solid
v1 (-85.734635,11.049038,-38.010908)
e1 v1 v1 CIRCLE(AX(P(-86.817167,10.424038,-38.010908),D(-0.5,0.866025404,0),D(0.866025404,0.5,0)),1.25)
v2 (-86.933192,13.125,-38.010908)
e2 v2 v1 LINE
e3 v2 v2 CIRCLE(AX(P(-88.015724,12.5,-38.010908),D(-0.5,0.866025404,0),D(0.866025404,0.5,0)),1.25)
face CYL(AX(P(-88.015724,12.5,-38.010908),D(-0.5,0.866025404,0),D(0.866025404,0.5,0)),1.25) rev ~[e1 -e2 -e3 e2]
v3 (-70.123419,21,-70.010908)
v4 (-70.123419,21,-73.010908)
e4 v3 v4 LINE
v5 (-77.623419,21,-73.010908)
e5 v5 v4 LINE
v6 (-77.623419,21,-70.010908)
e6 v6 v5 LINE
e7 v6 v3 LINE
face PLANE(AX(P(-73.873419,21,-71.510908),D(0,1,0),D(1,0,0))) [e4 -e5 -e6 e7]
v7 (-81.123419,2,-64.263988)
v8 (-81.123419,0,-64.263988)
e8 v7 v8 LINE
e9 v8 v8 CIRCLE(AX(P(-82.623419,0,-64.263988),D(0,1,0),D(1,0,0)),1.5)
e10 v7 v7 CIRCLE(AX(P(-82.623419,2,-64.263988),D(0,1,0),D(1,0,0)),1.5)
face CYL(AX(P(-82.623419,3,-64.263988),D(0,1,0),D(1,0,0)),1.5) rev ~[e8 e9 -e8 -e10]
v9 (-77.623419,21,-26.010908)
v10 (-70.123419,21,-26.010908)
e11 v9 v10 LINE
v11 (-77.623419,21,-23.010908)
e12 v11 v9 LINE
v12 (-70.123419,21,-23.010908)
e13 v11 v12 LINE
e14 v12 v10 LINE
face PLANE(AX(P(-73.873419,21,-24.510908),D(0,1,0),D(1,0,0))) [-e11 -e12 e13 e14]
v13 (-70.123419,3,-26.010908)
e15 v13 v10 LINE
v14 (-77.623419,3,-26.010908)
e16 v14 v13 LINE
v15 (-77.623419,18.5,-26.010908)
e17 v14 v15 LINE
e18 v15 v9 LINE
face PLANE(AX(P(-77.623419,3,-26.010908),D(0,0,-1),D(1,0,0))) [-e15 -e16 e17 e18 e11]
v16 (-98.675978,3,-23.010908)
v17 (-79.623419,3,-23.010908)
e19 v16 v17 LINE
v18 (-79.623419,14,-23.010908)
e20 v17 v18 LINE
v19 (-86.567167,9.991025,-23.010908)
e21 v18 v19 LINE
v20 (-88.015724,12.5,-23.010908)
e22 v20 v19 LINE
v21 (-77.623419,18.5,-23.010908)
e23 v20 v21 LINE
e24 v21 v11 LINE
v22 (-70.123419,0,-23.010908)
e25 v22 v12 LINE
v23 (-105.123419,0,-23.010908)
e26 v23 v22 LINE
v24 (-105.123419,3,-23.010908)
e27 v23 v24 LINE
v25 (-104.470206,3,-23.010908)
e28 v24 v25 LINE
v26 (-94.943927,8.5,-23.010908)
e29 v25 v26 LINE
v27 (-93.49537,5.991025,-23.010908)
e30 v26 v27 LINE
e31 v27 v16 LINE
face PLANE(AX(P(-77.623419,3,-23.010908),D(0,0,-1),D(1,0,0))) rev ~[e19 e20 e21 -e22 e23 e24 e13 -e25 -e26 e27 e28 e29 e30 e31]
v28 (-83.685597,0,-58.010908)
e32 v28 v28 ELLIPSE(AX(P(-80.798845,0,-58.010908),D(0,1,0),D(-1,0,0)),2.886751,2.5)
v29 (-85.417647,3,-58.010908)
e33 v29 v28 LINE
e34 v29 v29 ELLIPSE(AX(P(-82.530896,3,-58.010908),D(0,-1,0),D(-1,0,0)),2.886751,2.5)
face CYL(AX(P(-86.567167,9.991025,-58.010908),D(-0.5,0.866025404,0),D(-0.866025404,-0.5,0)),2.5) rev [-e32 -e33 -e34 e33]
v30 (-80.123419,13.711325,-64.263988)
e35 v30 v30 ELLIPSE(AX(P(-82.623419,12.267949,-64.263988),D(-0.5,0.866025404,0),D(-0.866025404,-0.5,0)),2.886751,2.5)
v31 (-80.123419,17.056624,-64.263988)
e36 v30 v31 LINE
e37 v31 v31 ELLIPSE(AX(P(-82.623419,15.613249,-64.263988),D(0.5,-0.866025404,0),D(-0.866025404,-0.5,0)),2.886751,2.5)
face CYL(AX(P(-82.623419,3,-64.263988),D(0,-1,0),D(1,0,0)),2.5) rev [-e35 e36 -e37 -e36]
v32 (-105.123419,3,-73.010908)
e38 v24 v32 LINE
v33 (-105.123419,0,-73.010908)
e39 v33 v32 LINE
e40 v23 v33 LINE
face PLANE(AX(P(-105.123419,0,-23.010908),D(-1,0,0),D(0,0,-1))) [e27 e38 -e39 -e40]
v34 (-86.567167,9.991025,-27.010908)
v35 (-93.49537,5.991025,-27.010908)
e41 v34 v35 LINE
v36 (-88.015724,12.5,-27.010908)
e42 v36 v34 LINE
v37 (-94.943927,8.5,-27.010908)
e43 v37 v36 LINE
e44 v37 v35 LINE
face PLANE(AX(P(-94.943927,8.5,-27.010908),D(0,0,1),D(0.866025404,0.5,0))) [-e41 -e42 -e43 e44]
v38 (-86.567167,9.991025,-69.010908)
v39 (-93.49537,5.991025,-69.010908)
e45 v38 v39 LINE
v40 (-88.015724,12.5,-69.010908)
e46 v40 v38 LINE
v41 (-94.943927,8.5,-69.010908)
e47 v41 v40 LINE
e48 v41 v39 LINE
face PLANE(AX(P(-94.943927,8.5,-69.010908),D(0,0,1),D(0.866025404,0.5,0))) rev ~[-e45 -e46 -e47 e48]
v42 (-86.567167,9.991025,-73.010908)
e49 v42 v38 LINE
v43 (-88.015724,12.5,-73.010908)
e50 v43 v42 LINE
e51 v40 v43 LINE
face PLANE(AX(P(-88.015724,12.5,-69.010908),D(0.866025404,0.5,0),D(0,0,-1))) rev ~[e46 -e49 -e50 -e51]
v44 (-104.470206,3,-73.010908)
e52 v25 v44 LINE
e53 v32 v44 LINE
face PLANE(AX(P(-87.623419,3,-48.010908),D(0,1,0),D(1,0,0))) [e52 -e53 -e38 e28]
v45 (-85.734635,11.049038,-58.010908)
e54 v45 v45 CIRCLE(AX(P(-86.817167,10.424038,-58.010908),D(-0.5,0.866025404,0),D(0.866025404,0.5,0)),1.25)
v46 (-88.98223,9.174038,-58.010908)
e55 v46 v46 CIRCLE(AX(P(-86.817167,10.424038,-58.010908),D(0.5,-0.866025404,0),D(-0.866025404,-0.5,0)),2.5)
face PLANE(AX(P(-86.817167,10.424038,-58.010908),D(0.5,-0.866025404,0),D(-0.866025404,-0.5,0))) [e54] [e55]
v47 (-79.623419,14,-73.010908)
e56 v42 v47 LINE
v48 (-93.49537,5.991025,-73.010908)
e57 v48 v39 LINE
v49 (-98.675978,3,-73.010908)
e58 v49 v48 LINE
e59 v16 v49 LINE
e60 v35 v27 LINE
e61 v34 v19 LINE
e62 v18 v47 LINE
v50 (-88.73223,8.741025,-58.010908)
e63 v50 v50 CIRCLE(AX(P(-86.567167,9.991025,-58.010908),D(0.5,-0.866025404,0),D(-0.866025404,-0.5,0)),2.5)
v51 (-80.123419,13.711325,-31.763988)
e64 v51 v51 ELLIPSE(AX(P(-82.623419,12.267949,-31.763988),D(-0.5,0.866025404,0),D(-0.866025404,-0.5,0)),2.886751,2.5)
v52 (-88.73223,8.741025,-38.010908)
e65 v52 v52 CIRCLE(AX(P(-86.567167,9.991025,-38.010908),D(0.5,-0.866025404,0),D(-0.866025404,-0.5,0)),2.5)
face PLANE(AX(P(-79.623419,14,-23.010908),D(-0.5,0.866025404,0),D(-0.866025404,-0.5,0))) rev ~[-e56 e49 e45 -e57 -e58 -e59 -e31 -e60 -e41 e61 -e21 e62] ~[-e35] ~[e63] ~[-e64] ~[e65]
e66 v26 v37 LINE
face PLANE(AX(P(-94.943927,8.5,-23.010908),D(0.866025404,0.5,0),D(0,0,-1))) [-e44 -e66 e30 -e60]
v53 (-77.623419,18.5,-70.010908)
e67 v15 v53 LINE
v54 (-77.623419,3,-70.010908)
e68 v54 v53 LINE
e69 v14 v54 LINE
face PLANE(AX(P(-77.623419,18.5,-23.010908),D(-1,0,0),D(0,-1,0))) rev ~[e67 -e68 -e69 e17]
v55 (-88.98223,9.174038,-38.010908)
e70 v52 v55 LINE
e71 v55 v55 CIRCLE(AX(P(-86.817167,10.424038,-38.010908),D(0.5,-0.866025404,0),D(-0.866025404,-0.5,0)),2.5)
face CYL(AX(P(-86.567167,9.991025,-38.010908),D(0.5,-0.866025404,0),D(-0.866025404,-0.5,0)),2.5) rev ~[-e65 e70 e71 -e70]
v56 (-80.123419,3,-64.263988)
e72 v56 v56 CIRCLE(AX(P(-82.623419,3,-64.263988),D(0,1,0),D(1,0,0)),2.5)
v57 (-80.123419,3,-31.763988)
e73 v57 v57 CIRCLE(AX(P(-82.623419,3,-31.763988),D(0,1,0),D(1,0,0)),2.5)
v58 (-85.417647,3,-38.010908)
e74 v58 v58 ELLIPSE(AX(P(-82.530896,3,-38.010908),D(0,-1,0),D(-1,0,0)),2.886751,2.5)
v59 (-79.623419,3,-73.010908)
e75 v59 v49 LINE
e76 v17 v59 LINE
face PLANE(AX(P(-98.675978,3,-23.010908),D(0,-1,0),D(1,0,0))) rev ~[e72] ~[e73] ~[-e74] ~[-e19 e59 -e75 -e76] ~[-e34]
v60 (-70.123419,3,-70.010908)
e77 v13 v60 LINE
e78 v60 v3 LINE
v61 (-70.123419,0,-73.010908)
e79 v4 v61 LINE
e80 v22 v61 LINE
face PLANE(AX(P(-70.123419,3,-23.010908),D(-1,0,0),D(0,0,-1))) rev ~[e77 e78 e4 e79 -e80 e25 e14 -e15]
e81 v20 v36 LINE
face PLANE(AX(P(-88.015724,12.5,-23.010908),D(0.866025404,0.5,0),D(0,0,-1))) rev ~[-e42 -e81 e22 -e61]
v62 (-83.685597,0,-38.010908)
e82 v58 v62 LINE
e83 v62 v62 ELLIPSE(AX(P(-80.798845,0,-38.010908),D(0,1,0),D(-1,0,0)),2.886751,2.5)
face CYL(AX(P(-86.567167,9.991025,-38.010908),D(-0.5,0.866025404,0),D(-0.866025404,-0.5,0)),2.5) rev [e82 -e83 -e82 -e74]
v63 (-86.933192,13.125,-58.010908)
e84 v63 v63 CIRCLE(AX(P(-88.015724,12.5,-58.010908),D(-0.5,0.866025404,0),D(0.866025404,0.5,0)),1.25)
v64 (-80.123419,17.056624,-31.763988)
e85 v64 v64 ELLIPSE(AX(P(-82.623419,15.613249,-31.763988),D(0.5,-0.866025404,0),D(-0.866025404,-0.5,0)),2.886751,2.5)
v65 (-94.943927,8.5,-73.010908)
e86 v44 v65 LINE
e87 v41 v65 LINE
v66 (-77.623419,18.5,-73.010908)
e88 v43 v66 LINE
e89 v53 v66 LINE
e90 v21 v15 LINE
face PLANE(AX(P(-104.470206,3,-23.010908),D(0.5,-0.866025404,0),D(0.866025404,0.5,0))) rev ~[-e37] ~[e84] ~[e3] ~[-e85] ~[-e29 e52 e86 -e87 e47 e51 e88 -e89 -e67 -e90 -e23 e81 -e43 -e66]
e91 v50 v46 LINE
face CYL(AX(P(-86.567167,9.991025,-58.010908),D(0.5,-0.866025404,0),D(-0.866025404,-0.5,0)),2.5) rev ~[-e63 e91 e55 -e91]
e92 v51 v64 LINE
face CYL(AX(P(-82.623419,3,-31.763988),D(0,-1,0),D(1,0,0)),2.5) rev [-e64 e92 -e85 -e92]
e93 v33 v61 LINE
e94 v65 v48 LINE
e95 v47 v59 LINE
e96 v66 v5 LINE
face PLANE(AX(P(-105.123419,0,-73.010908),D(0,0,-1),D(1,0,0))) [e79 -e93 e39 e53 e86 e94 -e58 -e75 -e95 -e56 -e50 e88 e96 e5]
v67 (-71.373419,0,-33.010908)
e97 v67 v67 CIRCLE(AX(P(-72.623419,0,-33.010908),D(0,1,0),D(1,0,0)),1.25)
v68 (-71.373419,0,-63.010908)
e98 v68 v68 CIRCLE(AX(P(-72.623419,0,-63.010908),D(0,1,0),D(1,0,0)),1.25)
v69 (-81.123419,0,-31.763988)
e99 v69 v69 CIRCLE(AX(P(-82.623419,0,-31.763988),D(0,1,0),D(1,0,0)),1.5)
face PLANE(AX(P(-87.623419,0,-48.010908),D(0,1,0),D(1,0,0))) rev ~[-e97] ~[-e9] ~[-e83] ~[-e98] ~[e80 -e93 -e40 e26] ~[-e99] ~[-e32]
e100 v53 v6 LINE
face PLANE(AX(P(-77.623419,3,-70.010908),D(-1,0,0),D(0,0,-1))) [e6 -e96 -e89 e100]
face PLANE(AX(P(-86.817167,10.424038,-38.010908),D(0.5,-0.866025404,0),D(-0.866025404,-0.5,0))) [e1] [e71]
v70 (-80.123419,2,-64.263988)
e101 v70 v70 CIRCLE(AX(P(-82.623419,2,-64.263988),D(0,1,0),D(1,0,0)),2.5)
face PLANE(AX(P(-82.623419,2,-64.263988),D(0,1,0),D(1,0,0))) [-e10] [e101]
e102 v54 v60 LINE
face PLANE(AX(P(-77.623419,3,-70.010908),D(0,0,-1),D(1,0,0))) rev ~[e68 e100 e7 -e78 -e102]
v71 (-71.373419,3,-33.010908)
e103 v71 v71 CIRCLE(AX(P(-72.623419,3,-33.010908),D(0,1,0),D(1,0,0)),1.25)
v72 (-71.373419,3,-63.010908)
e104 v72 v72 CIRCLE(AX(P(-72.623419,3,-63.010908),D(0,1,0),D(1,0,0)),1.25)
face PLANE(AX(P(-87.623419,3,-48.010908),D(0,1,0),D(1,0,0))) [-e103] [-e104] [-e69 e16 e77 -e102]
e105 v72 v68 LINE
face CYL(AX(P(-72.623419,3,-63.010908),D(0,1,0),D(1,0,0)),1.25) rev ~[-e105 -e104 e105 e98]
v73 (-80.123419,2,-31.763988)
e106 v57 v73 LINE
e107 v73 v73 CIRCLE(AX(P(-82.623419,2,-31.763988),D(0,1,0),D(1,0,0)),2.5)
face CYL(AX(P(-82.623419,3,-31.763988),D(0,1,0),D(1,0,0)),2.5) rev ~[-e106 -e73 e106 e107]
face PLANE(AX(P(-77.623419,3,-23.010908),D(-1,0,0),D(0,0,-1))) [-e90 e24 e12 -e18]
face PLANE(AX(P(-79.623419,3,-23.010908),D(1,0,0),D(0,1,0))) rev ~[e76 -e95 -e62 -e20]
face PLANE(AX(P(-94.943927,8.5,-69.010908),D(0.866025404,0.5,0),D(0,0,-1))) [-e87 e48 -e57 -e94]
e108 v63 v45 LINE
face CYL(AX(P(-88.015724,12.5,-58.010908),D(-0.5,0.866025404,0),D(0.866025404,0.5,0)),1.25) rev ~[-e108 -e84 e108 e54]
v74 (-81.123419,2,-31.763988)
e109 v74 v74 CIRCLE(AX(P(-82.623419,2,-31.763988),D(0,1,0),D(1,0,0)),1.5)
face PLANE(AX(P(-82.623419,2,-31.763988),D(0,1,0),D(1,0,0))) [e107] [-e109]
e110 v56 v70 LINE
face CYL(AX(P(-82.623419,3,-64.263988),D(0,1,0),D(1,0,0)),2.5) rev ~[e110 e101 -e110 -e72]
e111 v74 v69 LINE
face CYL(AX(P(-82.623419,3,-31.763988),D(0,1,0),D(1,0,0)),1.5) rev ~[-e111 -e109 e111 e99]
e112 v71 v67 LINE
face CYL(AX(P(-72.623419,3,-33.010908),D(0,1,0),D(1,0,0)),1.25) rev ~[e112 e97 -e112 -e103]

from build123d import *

# Parameters (mm, degrees)
SKETCH1_W                      = 35
SKETCH1_H                      = 50
BOSS_EXTRUDE1_DEPTH            = 3
SKETCH2_R                      = 1.5
SKETCH2_R_2                    = 1.25
CUT_EXTRUDE1_DEPTH             = 4
BOSS_EXTRUDE2_DEPTH            = 50
CUT_EXTRUDE5_DEPTH             = 51
SKETCH8_R                      = 2.5
CUT_EXTRUDE6_DEPTH             = 16.5
CUT_EXTRUDE6_DEPTH_BACK        = 1
CUT_EXTRUDE7_REACH             = 21.771
SKETCH9_R                      = 1.25
SKETCH10_R                     = 2.5
CUT_EXTRUDE8_DEPTH             = 0.5
CUT_EXTRUDE8_DIRECTION_2_REACH = 18.874
SKETCH11_W                     = 7.5
SKETCH11_H                     = 3
BOSS_EXTRUDE3_DEPTH            = 18
CUT_EXTRUDE9_REACH             = 21.771
SKETCH14_W                     = 8
SKETCH14_H                     = 4


with BuildPart() as part:
    # Sketch1 → Boss-Extrude1 (new body)
    with BuildSketch(Plane(origin=(0, 0, 0), x_dir=(1, 0, 0), z_dir=(0, 1, 0))):
        with Locations((-87.623418825, 48.010907537)):
            Rectangle(SKETCH1_W, SKETCH1_H)
    extrude(amount=BOSS_EXTRUDE1_DEPTH)

    # Sketch2 → Cut-Extrude1 (cut, through all)
    with BuildSketch(Plane(origin=(0, 3, 0), x_dir=(1, 0, 0), z_dir=(0, 1, 0))):
        with Locations((-82.623418825, 64.263988227)):
            Circle(SKETCH2_R)
        with Locations((-82.623418825, 31.763988227)):
            Circle(SKETCH2_R)
        with Locations((-72.623418825, 33.010907537)):
            Circle(SKETCH2_R_2)
        with Locations((-72.623418825, 63.010907537)):
            Circle(SKETCH2_R_2)
    extrude(amount=-CUT_EXTRUDE1_DEPTH, mode=Mode.SUBTRACT)

    # Sketch4 → Boss-Extrude2 (add)
    with BuildSketch(Plane.XY.offset(-23.010907537)):
        Polygon((-77.623418825, 3), (-104.470206342, 3), (-77.623418825, 18.5), align=None)
    extrude(amount=-BOSS_EXTRUDE2_DEPTH)

    # Sketch6 → Cut-Extrude5 (cut, through all)
    with BuildSketch(Plane.XY.offset(-23.010907537)):
        Polygon((-98.675977708, 3), (-79.623418825, 3), (-79.623418825, 14), align=None)
    extrude(amount=-CUT_EXTRUDE5_DEPTH, mode=Mode.SUBTRACT)

    # Sketch8 → Cut-Extrude6 (cut, two sides)
    with BuildSketch(Plane(origin=(0, 3, 0), x_dir=(1, 0, 0), z_dir=(0, 1, 0))) as cut_extrude6_sk:
        with Locations((-82.623418825, 31.763988227)):
            Circle(SKETCH8_R)
        with Locations((-82.623418825, 64.263988227)):
            Circle(SKETCH8_R)
    extrude(amount=CUT_EXTRUDE6_DEPTH, mode=Mode.SUBTRACT)
    extrude(cut_extrude6_sk.sketch, amount=-CUT_EXTRUDE6_DEPTH_BACK, mode=Mode.SUBTRACT)

    # Sketch9 → Cut-Extrude7 (cut, up to next)
    with BuildSketch(Plane(origin=(-27.416589691, 47.486926315, 0), x_dir=(0.866025404, 0.5, 0), z_dir=(-0.5, 0.866025404, 0)), mode=Mode.PRIVATE) as cut_extrude7_sk1:
        with Locations((-69.973852631, 58.010907537)):
            Circle(SKETCH9_R)
    cut_extrude7_tool1 = extrude(cut_extrude7_sk1.sketch, amount=-CUT_EXTRUDE7_REACH, mode=Mode.PRIVATE) & part.part
    add(cut_extrude7_tool1.solids().sort_by_distance((-88.015724, 12.5, -58.010908))[0], mode=Mode.SUBTRACT)
    # Sketch9 → Cut-Extrude7 (cut, up to next)
    with BuildSketch(Plane(origin=(-27.416589691, 47.486926315, 0), x_dir=(0.866025404, 0.5, 0), z_dir=(-0.5, 0.866025404, 0)), mode=Mode.PRIVATE) as cut_extrude7_sk2:
        with Locations((-69.973852631, 38.010907537)):
            Circle(SKETCH9_R)
    cut_extrude7_tool2 = extrude(cut_extrude7_sk2.sketch, amount=-CUT_EXTRUDE7_REACH, mode=Mode.PRIVATE) & part.part
    add(cut_extrude7_tool2.solids().sort_by_distance((-88.015724, 12.5, -38.010908))[0], mode=Mode.SUBTRACT)

    # Sketch10 → Cut-Extrude8 (cut)
    with BuildSketch(Plane(origin=(-25.968032533, 44.977951719, 0), x_dir=(-0.866025404, -0.5, 0), z_dir=(0.5, -0.866025404, 0))):
        with Locations((69.973852631, 58.010907537)):
            Circle(SKETCH10_R)
        with Locations((69.973852631, 38.010907537)):
            Circle(SKETCH10_R)
    extrude(amount=-CUT_EXTRUDE8_DEPTH, mode=Mode.SUBTRACT)

    # Sketch10 → Cut-Extrude8 direction 2 (cut, up to next)
    with BuildSketch(Plane(origin=(-25.968032533, 44.977951719, 0), x_dir=(-0.866025404, -0.5, 0), z_dir=(0.5, -0.866025404, 0)), mode=Mode.PRIVATE) as cut_extrude8_direction_2_sk1:
        with Locations((69.973852631, 58.010907537)):
            Circle(SKETCH10_R)
    cut_extrude8_direction_2_tool1 = extrude(cut_extrude8_direction_2_sk1.sketch, amount=CUT_EXTRUDE8_DIRECTION_2_REACH, mode=Mode.PRIVATE) & part.part
    add(cut_extrude8_direction_2_tool1.solids().sort_by_distance((-86.567167, 9.991025, -58.010908))[0], mode=Mode.SUBTRACT)
    # Sketch10 → Cut-Extrude8 direction 2 (cut, up to next)
    with BuildSketch(Plane(origin=(-25.968032533, 44.977951719, 0), x_dir=(-0.866025404, -0.5, 0), z_dir=(0.5, -0.866025404, 0)), mode=Mode.PRIVATE) as cut_extrude8_direction_2_sk2:
        with Locations((69.973852631, 38.010907537)):
            Circle(SKETCH10_R)
    cut_extrude8_direction_2_tool2 = extrude(cut_extrude8_direction_2_sk2.sketch, amount=CUT_EXTRUDE8_DIRECTION_2_REACH, mode=Mode.PRIVATE) & part.part
    add(cut_extrude8_direction_2_tool2.solids().sort_by_distance((-86.567167, 9.991025, -38.010908))[0], mode=Mode.SUBTRACT)

    # Sketch11 → Boss-Extrude3 (add)
    with BuildSketch(Plane(origin=(0, 3, 0), x_dir=(1, 0, 0), z_dir=(0, 1, 0))):
        with Locations((-73.873418825, 24.510907537)):
            Rectangle(SKETCH11_W, SKETCH11_H)
        with Locations((-73.873418825, 71.510907537)):
            Rectangle(SKETCH11_W, SKETCH11_H)
    extrude(amount=BOSS_EXTRUDE3_DEPTH)

    # Sketch14 → Cut-Extrude9 (cut, up to next)
    with BuildSketch(Plane(origin=(-27.416589691, 47.486926315, 0), x_dir=(0.866025404, 0.5, 0), z_dir=(-0.5, 0.866025404, 0)), mode=Mode.PRIVATE) as cut_extrude9_sk1:
        with Locations((-73.973852631, 25.010907537)):
            Rectangle(SKETCH14_W, SKETCH14_H)
    cut_extrude9_tool1 = extrude(cut_extrude9_sk1.sketch, amount=-CUT_EXTRUDE9_REACH, mode=Mode.PRIVATE) & part.part
    add(cut_extrude9_tool1.solids().sort_by_distance((-91.479825, 10.5, -25.010908))[0], mode=Mode.SUBTRACT)
    # Sketch14 → Cut-Extrude9 (cut, up to next)
    with BuildSketch(Plane(origin=(-27.416589691, 47.486926315, 0), x_dir=(0.866025404, 0.5, 0), z_dir=(-0.5, 0.866025404, 0)), mode=Mode.PRIVATE) as cut_extrude9_sk2:
        with Locations((-73.973852631, 71.010907537)):
            Rectangle(SKETCH14_W, SKETCH14_H)
    cut_extrude9_tool2 = extrude(cut_extrude9_sk2.sketch, amount=-CUT_EXTRUDE9_REACH, mode=Mode.PRIVATE) & part.part
    add(cut_extrude9_tool2.solids().sort_by_distance((-91.479825, 10.5, -71.010908))[0], mode=Mode.SUBTRACT)


solid = part.part
